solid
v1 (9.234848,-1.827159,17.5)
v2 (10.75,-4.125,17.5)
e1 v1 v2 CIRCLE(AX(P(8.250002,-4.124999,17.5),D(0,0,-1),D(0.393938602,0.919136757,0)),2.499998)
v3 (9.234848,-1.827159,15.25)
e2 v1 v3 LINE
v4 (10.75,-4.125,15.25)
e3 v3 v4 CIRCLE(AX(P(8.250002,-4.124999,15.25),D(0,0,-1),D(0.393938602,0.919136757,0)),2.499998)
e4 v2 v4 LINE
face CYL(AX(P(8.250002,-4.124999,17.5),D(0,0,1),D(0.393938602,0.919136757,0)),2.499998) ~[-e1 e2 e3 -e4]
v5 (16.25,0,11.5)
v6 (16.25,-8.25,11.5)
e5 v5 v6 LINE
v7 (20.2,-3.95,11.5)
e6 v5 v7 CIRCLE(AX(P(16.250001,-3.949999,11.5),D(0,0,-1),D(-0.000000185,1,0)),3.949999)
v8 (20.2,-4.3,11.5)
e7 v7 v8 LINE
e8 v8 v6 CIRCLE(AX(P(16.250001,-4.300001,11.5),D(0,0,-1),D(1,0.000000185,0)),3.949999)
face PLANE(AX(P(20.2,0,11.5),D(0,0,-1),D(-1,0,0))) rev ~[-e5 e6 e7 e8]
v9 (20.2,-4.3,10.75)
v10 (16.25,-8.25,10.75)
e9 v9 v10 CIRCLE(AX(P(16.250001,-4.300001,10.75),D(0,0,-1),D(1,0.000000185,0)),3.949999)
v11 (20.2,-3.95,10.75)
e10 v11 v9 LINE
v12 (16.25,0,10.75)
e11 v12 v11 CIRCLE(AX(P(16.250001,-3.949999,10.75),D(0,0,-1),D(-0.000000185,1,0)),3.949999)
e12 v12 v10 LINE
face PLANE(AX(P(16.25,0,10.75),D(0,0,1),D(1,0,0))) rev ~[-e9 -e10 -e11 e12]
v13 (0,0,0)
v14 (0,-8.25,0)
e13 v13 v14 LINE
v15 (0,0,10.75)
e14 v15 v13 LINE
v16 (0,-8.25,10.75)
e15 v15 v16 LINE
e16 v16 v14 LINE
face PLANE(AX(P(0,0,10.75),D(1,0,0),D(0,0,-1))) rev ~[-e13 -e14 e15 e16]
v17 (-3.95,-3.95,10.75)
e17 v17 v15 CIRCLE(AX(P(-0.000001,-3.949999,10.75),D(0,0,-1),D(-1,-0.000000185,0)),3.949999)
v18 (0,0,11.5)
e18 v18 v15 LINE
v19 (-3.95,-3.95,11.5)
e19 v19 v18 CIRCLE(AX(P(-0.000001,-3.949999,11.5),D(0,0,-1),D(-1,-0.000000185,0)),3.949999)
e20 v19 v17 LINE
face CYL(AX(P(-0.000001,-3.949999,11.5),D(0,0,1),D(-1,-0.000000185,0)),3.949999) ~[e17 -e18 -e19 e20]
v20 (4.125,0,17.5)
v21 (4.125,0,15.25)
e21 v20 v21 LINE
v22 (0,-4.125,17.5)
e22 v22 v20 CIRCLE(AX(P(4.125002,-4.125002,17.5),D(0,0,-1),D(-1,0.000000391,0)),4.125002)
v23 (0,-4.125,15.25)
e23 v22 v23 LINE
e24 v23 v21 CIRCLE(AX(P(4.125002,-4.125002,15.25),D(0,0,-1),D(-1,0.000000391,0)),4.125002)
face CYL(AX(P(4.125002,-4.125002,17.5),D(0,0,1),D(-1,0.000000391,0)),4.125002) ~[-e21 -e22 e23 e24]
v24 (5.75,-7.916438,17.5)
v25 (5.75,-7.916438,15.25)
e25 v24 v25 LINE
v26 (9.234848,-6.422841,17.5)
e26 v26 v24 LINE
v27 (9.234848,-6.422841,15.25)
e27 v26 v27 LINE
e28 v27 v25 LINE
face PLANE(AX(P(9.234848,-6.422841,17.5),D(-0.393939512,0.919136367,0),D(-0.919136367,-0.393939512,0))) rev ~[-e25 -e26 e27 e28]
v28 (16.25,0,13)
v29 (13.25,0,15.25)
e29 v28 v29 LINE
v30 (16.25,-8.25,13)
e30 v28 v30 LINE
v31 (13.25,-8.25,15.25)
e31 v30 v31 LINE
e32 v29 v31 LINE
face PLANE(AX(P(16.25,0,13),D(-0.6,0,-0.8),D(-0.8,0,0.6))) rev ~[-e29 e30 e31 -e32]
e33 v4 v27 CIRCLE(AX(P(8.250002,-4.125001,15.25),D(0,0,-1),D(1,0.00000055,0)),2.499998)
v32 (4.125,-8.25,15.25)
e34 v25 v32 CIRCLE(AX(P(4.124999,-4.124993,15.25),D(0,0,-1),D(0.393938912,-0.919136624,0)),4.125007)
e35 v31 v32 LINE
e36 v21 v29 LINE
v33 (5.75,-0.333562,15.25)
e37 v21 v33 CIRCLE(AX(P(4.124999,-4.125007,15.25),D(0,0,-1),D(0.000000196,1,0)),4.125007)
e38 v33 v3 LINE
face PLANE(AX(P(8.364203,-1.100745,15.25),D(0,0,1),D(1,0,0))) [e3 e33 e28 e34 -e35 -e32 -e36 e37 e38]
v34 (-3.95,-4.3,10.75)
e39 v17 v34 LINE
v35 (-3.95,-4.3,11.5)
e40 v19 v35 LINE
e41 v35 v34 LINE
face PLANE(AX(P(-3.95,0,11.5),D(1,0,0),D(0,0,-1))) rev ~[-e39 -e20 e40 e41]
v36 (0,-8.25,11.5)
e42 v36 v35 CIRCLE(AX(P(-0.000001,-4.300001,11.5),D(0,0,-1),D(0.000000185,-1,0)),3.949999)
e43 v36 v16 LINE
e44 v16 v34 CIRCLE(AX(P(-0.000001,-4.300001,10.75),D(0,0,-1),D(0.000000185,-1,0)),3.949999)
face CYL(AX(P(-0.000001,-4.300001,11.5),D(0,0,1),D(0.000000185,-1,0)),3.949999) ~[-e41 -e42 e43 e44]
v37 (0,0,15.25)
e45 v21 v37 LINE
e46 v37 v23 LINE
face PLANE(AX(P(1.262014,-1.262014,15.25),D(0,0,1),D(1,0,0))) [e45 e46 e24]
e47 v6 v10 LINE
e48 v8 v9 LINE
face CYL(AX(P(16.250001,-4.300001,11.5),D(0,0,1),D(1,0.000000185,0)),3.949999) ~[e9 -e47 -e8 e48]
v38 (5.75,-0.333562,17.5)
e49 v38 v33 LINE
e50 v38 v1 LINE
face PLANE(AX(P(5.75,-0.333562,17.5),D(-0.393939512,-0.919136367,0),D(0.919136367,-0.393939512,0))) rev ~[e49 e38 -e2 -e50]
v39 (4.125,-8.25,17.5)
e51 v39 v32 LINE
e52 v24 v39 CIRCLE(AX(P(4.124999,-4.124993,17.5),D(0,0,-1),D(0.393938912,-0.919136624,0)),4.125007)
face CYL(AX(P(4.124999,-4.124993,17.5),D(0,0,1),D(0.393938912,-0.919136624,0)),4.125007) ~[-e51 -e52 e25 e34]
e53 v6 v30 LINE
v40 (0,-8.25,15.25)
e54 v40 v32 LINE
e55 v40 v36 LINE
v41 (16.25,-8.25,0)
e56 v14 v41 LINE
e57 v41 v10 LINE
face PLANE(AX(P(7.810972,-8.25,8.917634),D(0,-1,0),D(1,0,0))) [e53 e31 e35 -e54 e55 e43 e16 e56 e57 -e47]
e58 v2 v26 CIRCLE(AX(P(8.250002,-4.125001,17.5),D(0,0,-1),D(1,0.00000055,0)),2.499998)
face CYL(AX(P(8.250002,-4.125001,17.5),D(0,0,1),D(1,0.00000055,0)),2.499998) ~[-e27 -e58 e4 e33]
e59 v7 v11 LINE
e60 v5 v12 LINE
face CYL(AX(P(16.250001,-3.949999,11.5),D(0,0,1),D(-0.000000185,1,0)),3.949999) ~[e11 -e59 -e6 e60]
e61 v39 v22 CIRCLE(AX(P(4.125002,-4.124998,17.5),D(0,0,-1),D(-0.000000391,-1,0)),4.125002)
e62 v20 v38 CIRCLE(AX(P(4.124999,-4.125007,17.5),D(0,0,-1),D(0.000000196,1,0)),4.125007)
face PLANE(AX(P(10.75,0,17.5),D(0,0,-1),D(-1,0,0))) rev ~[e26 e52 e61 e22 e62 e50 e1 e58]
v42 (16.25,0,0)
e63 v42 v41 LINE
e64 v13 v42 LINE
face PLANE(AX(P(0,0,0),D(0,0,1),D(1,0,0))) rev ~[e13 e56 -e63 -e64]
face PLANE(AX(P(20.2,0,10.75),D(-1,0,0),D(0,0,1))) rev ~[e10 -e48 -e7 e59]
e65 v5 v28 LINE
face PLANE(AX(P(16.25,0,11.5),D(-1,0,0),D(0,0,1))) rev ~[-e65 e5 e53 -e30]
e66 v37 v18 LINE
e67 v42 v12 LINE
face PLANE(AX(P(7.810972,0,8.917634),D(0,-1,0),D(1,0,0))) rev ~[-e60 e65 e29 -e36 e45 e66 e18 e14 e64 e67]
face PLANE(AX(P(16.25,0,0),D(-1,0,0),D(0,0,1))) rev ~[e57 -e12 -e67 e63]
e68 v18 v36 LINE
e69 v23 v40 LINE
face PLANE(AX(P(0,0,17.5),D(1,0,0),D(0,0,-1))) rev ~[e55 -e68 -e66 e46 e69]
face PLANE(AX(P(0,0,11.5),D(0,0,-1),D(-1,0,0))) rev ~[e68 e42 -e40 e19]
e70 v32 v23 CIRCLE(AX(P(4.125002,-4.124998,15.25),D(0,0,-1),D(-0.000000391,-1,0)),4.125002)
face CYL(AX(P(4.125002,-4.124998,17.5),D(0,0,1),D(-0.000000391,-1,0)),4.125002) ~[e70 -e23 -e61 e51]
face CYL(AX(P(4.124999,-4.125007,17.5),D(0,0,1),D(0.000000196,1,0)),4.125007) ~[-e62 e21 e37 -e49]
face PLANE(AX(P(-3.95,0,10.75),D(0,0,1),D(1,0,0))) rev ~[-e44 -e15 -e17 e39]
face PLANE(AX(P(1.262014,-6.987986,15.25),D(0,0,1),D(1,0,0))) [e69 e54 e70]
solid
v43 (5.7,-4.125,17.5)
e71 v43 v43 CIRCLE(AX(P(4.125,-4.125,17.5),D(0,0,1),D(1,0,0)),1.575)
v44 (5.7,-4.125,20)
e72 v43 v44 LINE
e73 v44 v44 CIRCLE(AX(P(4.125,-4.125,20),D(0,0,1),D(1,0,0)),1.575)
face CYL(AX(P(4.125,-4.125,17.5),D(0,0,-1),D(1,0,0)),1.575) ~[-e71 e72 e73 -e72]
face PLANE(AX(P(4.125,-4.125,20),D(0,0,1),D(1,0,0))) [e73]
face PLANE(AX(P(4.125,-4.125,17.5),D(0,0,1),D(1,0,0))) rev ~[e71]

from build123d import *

# Parameters (mm, degrees)
F1_DEPTH = 8.25
F3_DEPTH = 0.75
F5_DEPTH = 2.25
F6_R     = 1.575
F7_DEPTH = 2.5


with BuildPart() as f1:
    # F0 (on Front) → F1 (new body)
    with BuildSketch(Plane.XZ):
        Polygon((0, 10.75), (0, 0), (16.25, 0), (16.25, 10.75), (20.2, 10.75), (20.2, 11.5), (16.25, 11.5), (16.25, 13), (13.25, 15.25), (10.75, 15.25), (10.75, 17.5), (0, 17.5), (0, 11.5), (-3.95, 11.5), (-3.95, 10.75), align=None)
    extrude(amount=F1_DEPTH)

    # F2 (on face) → F3 (cut, through all)
    with BuildSketch(Plane.XY.offset(11.5)):
        with BuildLine():
            ThreePointArc((0, -8.25), (-2.793072, -7.093072), (-3.95, -4.3))
            Line((-3.95, -4.3), (-3.95, -8.25))
            Line((-3.95, -8.25), (0, -8.25))
        make_face()
        with BuildLine():
            ThreePointArc((-3.95, -3.95), (-2.793072, -1.156928), (0, 0))
            Line((0, 0), (-3.95, 0))
            Line((-3.95, 0), (-3.95, -3.95))
        make_face()
        with BuildLine():
            Line((20.2, 0), (16.25, 0))
            ThreePointArc((16.25, 0), (19.043072, -1.156928), (20.2, -3.95))
            Line((20.2, -3.95), (20.2, 0))
        make_face()
        with BuildLine():
            Line((20.2, -8.25), (20.2, -4.3))
            ThreePointArc((20.2, -4.3), (19.043072, -7.093072), (16.25, -8.25))
            Line((16.25, -8.25), (20.2, -8.25))
        make_face()
    extrude(amount=-F3_DEPTH, mode=Mode.SUBTRACT)

    # F4 (on face) → F5 (cut, through all)
    with BuildSketch(Plane.XY.offset(17.5)):
        with BuildLine():
            ThreePointArc((4.125, -8.25), (1.208185, -7.041815), (0, -4.125))
            Line((0, -4.125), (0, -8.25))
            Line((0, -8.25), (4.125, -8.25))
        make_face()
        with BuildLine():
            ThreePointArc((0, -4.125), (1.208185, -1.208185), (4.125, 0))
            Line((4.125, 0), (0, 0))
            Line((0, 0), (0, -4.125))
        make_face()
        with BuildLine():
            ThreePointArc((4.125, 0), (4.954441, -0.084251), (5.75, -0.333562))
            Line((5.75, -0.333562), (9.234848, -1.827159))
            ThreePointArc((9.234848, -1.827159), (10.337118, -2.748795), (10.75, -4.125))
            Line((10.75, -4.125), (10.75, 0))
            Line((10.75, 0), (4.125, 0))
        make_face()
        with BuildLine():
            Line((10.75, -8.25), (10.75, -4.125))
            ThreePointArc((10.75, -4.125), (10.337118, -5.501205), (9.234848, -6.422841))
            Line((9.234848, -6.422841), (5.75, -7.916438))
            ThreePointArc((5.75, -7.916438), (4.954441, -8.165749), (4.125, -8.25))
            Line((4.125, -8.25), (10.75, -8.25))
        make_face()
    extrude(amount=-F5_DEPTH, mode=Mode.SUBTRACT)


with BuildPart() as f7:
    # F6 (on face) → F7 (new body)
    with BuildSketch(Plane.XY.offset(17.5)):
        with Locations((4.125, -4.125)):
            Circle(F6_R)
    extrude(amount=F7_DEPTH)


solid = Compound([f1.part, f7.part])
